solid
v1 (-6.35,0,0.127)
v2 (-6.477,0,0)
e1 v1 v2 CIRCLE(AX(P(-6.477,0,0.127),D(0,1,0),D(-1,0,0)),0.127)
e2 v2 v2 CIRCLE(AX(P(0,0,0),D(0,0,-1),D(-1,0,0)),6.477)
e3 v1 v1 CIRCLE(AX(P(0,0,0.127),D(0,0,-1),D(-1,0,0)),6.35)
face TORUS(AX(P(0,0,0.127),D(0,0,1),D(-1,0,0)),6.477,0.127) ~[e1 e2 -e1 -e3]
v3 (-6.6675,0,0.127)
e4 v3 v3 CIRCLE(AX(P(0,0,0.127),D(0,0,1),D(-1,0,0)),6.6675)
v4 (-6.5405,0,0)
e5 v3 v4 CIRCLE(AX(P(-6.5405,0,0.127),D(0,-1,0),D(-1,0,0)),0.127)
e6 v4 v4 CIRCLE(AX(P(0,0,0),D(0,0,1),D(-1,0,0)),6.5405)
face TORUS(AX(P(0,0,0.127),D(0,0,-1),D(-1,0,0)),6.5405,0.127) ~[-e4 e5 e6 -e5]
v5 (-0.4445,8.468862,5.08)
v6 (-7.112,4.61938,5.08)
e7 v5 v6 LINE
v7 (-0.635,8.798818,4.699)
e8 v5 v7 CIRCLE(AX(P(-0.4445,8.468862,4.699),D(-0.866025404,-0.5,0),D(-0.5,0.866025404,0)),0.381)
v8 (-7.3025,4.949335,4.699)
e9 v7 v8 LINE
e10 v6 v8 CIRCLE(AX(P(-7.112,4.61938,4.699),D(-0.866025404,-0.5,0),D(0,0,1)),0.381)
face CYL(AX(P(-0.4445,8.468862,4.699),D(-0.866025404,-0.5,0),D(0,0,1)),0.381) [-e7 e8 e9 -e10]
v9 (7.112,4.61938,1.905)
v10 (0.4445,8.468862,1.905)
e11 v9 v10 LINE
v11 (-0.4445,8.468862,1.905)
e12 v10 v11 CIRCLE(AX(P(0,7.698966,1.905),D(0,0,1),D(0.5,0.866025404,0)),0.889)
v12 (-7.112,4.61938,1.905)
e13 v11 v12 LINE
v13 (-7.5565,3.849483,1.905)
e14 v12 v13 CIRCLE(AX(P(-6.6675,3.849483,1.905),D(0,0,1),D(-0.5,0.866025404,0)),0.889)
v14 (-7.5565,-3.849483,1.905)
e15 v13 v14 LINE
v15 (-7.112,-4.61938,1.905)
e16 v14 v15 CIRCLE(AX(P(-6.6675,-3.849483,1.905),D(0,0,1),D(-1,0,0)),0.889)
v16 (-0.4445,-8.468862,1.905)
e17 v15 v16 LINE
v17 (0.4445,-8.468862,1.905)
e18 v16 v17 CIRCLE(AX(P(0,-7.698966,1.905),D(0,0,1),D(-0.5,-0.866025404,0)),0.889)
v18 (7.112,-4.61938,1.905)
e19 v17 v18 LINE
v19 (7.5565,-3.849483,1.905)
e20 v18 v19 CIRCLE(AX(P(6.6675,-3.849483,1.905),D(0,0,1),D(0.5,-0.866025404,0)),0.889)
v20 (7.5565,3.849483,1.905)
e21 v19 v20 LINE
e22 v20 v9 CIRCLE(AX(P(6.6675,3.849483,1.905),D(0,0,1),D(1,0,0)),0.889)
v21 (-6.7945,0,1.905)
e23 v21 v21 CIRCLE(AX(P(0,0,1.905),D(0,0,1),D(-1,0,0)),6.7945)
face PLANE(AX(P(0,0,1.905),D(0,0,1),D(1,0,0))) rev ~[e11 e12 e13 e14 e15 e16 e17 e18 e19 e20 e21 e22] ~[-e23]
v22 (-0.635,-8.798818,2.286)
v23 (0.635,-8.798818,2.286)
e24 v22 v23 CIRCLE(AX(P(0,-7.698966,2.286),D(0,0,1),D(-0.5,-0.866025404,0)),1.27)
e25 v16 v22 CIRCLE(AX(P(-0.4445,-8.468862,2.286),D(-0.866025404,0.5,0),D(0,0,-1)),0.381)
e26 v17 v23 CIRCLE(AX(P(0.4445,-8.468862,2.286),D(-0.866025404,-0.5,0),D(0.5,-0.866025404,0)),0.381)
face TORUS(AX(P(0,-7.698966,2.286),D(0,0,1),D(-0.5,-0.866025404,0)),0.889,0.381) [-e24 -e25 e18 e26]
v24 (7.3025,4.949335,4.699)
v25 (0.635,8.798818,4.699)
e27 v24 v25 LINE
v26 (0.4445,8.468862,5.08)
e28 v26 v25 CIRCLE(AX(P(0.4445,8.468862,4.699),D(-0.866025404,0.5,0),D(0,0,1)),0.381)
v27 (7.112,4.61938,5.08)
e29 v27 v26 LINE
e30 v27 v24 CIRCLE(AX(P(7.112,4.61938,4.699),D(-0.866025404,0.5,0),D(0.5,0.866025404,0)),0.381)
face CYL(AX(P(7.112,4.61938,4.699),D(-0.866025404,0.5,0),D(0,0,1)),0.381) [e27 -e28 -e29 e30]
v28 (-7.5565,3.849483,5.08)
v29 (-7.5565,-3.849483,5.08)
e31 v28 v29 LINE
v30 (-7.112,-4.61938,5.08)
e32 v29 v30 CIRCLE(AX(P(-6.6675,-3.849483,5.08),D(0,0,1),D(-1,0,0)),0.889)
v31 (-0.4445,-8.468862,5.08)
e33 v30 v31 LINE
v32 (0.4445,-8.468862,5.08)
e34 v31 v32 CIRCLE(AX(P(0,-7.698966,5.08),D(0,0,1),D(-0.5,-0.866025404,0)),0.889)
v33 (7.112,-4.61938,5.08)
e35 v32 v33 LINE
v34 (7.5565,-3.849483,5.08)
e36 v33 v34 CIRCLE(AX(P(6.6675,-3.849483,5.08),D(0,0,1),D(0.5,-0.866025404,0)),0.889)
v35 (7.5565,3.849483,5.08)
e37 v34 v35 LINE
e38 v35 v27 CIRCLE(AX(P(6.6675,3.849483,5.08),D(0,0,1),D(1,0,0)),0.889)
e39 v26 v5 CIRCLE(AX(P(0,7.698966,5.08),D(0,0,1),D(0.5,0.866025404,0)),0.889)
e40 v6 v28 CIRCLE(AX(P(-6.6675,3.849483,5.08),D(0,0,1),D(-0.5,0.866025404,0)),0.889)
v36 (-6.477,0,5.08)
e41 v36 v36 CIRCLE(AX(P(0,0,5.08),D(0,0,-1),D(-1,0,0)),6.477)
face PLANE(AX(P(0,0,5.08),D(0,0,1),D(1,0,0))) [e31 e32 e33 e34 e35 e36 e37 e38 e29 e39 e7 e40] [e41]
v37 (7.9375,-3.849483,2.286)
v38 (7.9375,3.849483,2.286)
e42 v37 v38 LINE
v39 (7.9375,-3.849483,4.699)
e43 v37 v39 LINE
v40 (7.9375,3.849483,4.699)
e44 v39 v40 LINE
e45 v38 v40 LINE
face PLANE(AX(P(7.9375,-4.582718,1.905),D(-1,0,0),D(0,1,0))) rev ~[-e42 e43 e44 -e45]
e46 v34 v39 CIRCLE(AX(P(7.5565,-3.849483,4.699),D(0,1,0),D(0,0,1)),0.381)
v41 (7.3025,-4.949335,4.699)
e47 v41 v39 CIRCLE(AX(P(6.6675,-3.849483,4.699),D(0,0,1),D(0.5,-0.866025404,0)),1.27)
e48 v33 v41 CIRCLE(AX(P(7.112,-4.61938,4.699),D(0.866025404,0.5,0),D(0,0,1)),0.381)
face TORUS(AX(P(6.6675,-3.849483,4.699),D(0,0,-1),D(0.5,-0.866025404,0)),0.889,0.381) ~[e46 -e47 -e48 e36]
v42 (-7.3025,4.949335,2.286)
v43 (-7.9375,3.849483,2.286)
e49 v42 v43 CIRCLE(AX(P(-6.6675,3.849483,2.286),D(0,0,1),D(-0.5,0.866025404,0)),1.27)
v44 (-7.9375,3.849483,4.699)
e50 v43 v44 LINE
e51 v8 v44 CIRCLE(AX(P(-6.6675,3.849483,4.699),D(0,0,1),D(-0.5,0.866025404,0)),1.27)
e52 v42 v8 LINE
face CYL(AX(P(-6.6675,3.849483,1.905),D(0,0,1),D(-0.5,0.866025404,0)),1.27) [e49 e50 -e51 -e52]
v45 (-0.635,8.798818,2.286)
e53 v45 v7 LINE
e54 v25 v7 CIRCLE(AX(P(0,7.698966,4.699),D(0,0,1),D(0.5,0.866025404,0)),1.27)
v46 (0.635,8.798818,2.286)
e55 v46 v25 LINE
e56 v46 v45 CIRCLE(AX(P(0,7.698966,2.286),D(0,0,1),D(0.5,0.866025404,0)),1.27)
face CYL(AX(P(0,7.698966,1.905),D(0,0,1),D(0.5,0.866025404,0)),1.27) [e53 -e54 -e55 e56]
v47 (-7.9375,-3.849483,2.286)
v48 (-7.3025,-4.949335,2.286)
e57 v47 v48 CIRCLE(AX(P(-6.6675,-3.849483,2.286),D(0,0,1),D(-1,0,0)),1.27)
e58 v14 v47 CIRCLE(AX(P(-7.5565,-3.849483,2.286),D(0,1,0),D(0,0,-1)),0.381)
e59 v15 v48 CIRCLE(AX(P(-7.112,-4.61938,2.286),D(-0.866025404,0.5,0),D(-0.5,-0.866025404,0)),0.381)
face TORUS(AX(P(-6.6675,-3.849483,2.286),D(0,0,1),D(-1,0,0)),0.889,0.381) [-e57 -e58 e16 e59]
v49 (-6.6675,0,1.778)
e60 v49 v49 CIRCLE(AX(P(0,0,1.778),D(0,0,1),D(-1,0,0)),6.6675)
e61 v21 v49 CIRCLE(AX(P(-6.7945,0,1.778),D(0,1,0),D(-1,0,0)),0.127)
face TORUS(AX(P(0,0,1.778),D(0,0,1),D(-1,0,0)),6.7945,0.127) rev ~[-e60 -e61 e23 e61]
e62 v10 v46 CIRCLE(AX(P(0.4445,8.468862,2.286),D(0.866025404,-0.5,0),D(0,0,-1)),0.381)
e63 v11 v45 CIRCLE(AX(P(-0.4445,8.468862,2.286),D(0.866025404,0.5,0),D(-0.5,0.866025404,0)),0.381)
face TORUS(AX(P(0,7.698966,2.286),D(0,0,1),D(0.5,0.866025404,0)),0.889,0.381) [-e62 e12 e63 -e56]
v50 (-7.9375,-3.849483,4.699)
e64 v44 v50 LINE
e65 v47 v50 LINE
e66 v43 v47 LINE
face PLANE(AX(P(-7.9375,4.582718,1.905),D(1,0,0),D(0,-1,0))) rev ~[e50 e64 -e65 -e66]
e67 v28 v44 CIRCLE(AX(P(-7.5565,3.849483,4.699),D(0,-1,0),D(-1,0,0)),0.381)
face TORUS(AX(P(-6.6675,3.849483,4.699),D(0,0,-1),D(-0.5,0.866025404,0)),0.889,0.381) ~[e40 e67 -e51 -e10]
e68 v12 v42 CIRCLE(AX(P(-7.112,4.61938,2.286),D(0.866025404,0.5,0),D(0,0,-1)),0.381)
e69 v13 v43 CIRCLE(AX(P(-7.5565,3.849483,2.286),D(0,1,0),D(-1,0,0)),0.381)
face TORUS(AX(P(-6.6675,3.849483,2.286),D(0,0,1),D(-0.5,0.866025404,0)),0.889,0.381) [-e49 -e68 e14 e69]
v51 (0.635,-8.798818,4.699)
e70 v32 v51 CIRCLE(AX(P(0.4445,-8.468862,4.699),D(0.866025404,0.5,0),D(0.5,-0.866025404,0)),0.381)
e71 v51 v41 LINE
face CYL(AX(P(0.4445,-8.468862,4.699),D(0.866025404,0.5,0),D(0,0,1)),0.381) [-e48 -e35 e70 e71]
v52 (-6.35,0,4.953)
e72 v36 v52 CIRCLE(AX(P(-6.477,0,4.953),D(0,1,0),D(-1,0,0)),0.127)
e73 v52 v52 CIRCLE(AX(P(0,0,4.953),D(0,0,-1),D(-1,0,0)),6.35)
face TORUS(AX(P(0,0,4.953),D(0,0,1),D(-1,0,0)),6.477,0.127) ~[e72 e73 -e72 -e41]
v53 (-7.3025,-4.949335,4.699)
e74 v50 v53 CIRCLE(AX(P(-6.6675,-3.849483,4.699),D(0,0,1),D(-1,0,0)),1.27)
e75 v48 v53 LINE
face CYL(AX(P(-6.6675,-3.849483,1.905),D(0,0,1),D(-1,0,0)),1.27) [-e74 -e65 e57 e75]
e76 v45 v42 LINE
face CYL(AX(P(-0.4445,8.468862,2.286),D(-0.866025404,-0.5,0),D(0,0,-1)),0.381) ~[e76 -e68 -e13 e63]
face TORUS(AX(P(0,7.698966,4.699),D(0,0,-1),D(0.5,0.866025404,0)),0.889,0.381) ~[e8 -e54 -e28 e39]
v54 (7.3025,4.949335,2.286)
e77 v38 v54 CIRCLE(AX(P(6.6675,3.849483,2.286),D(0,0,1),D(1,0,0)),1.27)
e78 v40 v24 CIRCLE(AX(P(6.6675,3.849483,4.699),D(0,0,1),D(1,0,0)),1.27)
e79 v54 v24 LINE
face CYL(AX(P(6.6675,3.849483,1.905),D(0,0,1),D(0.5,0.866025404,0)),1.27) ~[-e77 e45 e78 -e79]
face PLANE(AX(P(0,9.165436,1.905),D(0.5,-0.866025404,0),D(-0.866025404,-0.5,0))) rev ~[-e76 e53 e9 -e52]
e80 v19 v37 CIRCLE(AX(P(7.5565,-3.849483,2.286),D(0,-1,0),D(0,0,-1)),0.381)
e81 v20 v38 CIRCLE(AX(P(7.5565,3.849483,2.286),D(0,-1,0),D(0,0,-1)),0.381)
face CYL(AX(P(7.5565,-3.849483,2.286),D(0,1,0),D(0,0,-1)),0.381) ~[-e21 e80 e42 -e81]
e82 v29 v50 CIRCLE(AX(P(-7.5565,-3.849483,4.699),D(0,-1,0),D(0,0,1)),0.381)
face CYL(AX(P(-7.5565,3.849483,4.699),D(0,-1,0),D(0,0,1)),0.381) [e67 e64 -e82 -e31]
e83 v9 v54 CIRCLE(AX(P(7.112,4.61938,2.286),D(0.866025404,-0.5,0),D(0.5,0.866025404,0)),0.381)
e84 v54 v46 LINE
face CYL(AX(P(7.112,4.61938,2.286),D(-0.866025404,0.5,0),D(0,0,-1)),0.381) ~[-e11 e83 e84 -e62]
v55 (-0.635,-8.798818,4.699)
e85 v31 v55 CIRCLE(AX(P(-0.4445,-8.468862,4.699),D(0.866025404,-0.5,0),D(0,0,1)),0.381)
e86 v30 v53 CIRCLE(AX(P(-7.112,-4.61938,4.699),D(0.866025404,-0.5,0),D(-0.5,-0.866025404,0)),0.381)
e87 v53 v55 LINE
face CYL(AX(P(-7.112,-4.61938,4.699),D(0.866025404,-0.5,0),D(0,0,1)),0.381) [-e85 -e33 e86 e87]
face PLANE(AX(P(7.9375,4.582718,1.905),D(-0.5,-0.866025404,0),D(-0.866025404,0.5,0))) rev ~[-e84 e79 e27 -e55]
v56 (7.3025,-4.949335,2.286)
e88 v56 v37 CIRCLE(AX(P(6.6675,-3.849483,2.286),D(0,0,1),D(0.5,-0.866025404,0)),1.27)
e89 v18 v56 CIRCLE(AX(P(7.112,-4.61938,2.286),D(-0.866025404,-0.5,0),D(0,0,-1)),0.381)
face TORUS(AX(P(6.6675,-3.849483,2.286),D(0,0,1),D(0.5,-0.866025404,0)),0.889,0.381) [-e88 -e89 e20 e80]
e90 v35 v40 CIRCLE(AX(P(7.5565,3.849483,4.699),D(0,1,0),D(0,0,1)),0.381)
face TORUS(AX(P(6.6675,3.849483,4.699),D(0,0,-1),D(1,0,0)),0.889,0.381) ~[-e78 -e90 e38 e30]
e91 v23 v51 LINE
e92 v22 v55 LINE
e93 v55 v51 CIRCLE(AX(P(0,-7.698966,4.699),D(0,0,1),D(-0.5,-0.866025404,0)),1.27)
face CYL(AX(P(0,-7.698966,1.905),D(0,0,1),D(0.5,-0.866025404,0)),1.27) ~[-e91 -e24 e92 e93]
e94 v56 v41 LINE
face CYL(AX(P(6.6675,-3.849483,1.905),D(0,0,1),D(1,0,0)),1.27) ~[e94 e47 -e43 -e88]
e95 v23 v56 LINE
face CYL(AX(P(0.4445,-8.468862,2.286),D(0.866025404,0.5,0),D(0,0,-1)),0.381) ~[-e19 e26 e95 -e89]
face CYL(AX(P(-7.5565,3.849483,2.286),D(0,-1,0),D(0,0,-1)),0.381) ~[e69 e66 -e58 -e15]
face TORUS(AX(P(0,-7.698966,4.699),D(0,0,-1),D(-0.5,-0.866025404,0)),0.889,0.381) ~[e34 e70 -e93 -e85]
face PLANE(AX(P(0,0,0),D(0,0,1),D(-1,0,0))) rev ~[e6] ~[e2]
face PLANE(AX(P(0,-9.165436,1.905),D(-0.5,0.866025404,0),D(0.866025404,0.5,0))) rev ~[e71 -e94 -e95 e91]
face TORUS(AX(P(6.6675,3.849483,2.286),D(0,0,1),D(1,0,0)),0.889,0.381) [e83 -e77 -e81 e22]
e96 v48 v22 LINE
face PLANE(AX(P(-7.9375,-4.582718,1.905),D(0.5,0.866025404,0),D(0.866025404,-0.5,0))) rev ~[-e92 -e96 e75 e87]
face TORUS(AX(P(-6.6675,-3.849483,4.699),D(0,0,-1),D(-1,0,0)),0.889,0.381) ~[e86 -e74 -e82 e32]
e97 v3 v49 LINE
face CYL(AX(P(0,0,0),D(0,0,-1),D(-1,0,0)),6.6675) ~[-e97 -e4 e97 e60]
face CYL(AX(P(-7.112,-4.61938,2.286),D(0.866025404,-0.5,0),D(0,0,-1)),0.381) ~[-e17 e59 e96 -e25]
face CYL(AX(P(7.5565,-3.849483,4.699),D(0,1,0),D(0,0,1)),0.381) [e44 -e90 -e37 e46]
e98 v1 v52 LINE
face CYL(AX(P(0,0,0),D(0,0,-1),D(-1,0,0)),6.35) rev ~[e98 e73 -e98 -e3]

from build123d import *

# Parameters (mm, degrees)
SKETCH1_R           = 6.6675
BOSS_EXTRUDE1_DEPTH = 1.905
BOSS_EXTRUDE2_DEPTH = 3.175
SKETCH3_R           = 6.35
CUT_EXTRUDE1_DEPTH  = 14.145931484
FILLET1_R           = 1.27
FILLET2_R           = 0.381
FILLET3_R           = 0.127


with BuildPart() as part:
    # Sketch1 → Boss-Extrude1 (new body)
    with BuildSketch(Plane.XY):
        with Locations(Location((0, 0, 0), (0, 0, 180))):
            Circle(SKETCH1_R)
    extrude(amount=BOSS_EXTRUDE1_DEPTH)

    # Sketch2 → Boss-Extrude2 (add)
    with BuildSketch(Plane.XY.offset(1.905)):
        Polygon((7.9375, 4.582717762), (0, 9.165435523), (-7.9375, 4.582717762), (-7.9375, -4.582717762), (0, -9.165435523), (7.9375, -4.582717762), align=None)
    extrude(amount=BOSS_EXTRUDE2_DEPTH)

    # Sketch3 → Cut-Extrude1 (cut, through all)
    with BuildSketch(Plane(origin=(0, 0, 0), x_dir=(-1, 0, 0), z_dir=(0, 0, -1))):
        Circle(SKETCH3_R)
    extrude(amount=-CUT_EXTRUDE1_DEPTH, mode=Mode.SUBTRACT)

    # Fillet1
    fillet1_edges = [part.edges().sort_by_distance(p)[0] for p in [
        (7.9375, -4.582717762, 3.4925),
        (7.9375, 4.582717762, 3.4925),
        (0, 9.165435523, 3.4925),
        (-7.9375, 4.582717762, 3.4925),
        (-7.9375, -4.582717762, 3.4925),
        (0, -9.165435523, 3.4925),
    ]]
    fillet(fillet1_edges, radius=FILLET1_R)

    # Fillet2
    fillet2_edges = [part.edges().sort_by_distance(p)[0] for p in [
        (7.9375, 0, 1.905),
        (7.9375, 0, 5.08),
        (3.96875, -6.874076643, 1.905),
        (-3.96875, -6.874076643, 1.905),
        (-7.9375, 0, 1.905),
        (-3.96875, 6.874076643, 1.905),
        (3.96875, 6.874076643, 1.905),
        (0, 8.96896584, 1.905),
        (7.767352263, 4.48448292, 1.905),
        (-7.767352263, 4.48448292, 1.905),
        (-7.767352263, -4.48448292, 1.905),
        (0, -8.96896584, 1.905),
        (7.767352263, -4.48448292, 1.905),
        (3.96875, -6.874076643, 5.08),
        (3.96875, 6.874076643, 5.08),
        (-3.96875, 6.874076643, 5.08),
        (-7.9375, 0, 5.08),
        (-3.96875, -6.874076643, 5.08),
        (0, 8.96896584, 5.08),
        (7.767352263, 4.48448292, 5.08),
        (-7.767352263, 4.48448292, 5.08),
        (-7.767352263, -4.48448292, 5.08),
        (0, -8.96896584, 5.08),
        (7.767352263, -4.48448292, 5.08),
    ]]
    fillet(fillet2_edges, radius=FILLET2_R)

    # Fillet3
    fillet3_edges = [part.edges().sort_by_distance(p)[0] for p in [
        (6.6675, 0, 0),
        (6.35, 0, 5.08),
        (6.35, 0, 0),
        (6.6675, 0, 1.905),
    ]]
    fillet(fillet3_edges, radius=FILLET3_R)


solid = part.part
